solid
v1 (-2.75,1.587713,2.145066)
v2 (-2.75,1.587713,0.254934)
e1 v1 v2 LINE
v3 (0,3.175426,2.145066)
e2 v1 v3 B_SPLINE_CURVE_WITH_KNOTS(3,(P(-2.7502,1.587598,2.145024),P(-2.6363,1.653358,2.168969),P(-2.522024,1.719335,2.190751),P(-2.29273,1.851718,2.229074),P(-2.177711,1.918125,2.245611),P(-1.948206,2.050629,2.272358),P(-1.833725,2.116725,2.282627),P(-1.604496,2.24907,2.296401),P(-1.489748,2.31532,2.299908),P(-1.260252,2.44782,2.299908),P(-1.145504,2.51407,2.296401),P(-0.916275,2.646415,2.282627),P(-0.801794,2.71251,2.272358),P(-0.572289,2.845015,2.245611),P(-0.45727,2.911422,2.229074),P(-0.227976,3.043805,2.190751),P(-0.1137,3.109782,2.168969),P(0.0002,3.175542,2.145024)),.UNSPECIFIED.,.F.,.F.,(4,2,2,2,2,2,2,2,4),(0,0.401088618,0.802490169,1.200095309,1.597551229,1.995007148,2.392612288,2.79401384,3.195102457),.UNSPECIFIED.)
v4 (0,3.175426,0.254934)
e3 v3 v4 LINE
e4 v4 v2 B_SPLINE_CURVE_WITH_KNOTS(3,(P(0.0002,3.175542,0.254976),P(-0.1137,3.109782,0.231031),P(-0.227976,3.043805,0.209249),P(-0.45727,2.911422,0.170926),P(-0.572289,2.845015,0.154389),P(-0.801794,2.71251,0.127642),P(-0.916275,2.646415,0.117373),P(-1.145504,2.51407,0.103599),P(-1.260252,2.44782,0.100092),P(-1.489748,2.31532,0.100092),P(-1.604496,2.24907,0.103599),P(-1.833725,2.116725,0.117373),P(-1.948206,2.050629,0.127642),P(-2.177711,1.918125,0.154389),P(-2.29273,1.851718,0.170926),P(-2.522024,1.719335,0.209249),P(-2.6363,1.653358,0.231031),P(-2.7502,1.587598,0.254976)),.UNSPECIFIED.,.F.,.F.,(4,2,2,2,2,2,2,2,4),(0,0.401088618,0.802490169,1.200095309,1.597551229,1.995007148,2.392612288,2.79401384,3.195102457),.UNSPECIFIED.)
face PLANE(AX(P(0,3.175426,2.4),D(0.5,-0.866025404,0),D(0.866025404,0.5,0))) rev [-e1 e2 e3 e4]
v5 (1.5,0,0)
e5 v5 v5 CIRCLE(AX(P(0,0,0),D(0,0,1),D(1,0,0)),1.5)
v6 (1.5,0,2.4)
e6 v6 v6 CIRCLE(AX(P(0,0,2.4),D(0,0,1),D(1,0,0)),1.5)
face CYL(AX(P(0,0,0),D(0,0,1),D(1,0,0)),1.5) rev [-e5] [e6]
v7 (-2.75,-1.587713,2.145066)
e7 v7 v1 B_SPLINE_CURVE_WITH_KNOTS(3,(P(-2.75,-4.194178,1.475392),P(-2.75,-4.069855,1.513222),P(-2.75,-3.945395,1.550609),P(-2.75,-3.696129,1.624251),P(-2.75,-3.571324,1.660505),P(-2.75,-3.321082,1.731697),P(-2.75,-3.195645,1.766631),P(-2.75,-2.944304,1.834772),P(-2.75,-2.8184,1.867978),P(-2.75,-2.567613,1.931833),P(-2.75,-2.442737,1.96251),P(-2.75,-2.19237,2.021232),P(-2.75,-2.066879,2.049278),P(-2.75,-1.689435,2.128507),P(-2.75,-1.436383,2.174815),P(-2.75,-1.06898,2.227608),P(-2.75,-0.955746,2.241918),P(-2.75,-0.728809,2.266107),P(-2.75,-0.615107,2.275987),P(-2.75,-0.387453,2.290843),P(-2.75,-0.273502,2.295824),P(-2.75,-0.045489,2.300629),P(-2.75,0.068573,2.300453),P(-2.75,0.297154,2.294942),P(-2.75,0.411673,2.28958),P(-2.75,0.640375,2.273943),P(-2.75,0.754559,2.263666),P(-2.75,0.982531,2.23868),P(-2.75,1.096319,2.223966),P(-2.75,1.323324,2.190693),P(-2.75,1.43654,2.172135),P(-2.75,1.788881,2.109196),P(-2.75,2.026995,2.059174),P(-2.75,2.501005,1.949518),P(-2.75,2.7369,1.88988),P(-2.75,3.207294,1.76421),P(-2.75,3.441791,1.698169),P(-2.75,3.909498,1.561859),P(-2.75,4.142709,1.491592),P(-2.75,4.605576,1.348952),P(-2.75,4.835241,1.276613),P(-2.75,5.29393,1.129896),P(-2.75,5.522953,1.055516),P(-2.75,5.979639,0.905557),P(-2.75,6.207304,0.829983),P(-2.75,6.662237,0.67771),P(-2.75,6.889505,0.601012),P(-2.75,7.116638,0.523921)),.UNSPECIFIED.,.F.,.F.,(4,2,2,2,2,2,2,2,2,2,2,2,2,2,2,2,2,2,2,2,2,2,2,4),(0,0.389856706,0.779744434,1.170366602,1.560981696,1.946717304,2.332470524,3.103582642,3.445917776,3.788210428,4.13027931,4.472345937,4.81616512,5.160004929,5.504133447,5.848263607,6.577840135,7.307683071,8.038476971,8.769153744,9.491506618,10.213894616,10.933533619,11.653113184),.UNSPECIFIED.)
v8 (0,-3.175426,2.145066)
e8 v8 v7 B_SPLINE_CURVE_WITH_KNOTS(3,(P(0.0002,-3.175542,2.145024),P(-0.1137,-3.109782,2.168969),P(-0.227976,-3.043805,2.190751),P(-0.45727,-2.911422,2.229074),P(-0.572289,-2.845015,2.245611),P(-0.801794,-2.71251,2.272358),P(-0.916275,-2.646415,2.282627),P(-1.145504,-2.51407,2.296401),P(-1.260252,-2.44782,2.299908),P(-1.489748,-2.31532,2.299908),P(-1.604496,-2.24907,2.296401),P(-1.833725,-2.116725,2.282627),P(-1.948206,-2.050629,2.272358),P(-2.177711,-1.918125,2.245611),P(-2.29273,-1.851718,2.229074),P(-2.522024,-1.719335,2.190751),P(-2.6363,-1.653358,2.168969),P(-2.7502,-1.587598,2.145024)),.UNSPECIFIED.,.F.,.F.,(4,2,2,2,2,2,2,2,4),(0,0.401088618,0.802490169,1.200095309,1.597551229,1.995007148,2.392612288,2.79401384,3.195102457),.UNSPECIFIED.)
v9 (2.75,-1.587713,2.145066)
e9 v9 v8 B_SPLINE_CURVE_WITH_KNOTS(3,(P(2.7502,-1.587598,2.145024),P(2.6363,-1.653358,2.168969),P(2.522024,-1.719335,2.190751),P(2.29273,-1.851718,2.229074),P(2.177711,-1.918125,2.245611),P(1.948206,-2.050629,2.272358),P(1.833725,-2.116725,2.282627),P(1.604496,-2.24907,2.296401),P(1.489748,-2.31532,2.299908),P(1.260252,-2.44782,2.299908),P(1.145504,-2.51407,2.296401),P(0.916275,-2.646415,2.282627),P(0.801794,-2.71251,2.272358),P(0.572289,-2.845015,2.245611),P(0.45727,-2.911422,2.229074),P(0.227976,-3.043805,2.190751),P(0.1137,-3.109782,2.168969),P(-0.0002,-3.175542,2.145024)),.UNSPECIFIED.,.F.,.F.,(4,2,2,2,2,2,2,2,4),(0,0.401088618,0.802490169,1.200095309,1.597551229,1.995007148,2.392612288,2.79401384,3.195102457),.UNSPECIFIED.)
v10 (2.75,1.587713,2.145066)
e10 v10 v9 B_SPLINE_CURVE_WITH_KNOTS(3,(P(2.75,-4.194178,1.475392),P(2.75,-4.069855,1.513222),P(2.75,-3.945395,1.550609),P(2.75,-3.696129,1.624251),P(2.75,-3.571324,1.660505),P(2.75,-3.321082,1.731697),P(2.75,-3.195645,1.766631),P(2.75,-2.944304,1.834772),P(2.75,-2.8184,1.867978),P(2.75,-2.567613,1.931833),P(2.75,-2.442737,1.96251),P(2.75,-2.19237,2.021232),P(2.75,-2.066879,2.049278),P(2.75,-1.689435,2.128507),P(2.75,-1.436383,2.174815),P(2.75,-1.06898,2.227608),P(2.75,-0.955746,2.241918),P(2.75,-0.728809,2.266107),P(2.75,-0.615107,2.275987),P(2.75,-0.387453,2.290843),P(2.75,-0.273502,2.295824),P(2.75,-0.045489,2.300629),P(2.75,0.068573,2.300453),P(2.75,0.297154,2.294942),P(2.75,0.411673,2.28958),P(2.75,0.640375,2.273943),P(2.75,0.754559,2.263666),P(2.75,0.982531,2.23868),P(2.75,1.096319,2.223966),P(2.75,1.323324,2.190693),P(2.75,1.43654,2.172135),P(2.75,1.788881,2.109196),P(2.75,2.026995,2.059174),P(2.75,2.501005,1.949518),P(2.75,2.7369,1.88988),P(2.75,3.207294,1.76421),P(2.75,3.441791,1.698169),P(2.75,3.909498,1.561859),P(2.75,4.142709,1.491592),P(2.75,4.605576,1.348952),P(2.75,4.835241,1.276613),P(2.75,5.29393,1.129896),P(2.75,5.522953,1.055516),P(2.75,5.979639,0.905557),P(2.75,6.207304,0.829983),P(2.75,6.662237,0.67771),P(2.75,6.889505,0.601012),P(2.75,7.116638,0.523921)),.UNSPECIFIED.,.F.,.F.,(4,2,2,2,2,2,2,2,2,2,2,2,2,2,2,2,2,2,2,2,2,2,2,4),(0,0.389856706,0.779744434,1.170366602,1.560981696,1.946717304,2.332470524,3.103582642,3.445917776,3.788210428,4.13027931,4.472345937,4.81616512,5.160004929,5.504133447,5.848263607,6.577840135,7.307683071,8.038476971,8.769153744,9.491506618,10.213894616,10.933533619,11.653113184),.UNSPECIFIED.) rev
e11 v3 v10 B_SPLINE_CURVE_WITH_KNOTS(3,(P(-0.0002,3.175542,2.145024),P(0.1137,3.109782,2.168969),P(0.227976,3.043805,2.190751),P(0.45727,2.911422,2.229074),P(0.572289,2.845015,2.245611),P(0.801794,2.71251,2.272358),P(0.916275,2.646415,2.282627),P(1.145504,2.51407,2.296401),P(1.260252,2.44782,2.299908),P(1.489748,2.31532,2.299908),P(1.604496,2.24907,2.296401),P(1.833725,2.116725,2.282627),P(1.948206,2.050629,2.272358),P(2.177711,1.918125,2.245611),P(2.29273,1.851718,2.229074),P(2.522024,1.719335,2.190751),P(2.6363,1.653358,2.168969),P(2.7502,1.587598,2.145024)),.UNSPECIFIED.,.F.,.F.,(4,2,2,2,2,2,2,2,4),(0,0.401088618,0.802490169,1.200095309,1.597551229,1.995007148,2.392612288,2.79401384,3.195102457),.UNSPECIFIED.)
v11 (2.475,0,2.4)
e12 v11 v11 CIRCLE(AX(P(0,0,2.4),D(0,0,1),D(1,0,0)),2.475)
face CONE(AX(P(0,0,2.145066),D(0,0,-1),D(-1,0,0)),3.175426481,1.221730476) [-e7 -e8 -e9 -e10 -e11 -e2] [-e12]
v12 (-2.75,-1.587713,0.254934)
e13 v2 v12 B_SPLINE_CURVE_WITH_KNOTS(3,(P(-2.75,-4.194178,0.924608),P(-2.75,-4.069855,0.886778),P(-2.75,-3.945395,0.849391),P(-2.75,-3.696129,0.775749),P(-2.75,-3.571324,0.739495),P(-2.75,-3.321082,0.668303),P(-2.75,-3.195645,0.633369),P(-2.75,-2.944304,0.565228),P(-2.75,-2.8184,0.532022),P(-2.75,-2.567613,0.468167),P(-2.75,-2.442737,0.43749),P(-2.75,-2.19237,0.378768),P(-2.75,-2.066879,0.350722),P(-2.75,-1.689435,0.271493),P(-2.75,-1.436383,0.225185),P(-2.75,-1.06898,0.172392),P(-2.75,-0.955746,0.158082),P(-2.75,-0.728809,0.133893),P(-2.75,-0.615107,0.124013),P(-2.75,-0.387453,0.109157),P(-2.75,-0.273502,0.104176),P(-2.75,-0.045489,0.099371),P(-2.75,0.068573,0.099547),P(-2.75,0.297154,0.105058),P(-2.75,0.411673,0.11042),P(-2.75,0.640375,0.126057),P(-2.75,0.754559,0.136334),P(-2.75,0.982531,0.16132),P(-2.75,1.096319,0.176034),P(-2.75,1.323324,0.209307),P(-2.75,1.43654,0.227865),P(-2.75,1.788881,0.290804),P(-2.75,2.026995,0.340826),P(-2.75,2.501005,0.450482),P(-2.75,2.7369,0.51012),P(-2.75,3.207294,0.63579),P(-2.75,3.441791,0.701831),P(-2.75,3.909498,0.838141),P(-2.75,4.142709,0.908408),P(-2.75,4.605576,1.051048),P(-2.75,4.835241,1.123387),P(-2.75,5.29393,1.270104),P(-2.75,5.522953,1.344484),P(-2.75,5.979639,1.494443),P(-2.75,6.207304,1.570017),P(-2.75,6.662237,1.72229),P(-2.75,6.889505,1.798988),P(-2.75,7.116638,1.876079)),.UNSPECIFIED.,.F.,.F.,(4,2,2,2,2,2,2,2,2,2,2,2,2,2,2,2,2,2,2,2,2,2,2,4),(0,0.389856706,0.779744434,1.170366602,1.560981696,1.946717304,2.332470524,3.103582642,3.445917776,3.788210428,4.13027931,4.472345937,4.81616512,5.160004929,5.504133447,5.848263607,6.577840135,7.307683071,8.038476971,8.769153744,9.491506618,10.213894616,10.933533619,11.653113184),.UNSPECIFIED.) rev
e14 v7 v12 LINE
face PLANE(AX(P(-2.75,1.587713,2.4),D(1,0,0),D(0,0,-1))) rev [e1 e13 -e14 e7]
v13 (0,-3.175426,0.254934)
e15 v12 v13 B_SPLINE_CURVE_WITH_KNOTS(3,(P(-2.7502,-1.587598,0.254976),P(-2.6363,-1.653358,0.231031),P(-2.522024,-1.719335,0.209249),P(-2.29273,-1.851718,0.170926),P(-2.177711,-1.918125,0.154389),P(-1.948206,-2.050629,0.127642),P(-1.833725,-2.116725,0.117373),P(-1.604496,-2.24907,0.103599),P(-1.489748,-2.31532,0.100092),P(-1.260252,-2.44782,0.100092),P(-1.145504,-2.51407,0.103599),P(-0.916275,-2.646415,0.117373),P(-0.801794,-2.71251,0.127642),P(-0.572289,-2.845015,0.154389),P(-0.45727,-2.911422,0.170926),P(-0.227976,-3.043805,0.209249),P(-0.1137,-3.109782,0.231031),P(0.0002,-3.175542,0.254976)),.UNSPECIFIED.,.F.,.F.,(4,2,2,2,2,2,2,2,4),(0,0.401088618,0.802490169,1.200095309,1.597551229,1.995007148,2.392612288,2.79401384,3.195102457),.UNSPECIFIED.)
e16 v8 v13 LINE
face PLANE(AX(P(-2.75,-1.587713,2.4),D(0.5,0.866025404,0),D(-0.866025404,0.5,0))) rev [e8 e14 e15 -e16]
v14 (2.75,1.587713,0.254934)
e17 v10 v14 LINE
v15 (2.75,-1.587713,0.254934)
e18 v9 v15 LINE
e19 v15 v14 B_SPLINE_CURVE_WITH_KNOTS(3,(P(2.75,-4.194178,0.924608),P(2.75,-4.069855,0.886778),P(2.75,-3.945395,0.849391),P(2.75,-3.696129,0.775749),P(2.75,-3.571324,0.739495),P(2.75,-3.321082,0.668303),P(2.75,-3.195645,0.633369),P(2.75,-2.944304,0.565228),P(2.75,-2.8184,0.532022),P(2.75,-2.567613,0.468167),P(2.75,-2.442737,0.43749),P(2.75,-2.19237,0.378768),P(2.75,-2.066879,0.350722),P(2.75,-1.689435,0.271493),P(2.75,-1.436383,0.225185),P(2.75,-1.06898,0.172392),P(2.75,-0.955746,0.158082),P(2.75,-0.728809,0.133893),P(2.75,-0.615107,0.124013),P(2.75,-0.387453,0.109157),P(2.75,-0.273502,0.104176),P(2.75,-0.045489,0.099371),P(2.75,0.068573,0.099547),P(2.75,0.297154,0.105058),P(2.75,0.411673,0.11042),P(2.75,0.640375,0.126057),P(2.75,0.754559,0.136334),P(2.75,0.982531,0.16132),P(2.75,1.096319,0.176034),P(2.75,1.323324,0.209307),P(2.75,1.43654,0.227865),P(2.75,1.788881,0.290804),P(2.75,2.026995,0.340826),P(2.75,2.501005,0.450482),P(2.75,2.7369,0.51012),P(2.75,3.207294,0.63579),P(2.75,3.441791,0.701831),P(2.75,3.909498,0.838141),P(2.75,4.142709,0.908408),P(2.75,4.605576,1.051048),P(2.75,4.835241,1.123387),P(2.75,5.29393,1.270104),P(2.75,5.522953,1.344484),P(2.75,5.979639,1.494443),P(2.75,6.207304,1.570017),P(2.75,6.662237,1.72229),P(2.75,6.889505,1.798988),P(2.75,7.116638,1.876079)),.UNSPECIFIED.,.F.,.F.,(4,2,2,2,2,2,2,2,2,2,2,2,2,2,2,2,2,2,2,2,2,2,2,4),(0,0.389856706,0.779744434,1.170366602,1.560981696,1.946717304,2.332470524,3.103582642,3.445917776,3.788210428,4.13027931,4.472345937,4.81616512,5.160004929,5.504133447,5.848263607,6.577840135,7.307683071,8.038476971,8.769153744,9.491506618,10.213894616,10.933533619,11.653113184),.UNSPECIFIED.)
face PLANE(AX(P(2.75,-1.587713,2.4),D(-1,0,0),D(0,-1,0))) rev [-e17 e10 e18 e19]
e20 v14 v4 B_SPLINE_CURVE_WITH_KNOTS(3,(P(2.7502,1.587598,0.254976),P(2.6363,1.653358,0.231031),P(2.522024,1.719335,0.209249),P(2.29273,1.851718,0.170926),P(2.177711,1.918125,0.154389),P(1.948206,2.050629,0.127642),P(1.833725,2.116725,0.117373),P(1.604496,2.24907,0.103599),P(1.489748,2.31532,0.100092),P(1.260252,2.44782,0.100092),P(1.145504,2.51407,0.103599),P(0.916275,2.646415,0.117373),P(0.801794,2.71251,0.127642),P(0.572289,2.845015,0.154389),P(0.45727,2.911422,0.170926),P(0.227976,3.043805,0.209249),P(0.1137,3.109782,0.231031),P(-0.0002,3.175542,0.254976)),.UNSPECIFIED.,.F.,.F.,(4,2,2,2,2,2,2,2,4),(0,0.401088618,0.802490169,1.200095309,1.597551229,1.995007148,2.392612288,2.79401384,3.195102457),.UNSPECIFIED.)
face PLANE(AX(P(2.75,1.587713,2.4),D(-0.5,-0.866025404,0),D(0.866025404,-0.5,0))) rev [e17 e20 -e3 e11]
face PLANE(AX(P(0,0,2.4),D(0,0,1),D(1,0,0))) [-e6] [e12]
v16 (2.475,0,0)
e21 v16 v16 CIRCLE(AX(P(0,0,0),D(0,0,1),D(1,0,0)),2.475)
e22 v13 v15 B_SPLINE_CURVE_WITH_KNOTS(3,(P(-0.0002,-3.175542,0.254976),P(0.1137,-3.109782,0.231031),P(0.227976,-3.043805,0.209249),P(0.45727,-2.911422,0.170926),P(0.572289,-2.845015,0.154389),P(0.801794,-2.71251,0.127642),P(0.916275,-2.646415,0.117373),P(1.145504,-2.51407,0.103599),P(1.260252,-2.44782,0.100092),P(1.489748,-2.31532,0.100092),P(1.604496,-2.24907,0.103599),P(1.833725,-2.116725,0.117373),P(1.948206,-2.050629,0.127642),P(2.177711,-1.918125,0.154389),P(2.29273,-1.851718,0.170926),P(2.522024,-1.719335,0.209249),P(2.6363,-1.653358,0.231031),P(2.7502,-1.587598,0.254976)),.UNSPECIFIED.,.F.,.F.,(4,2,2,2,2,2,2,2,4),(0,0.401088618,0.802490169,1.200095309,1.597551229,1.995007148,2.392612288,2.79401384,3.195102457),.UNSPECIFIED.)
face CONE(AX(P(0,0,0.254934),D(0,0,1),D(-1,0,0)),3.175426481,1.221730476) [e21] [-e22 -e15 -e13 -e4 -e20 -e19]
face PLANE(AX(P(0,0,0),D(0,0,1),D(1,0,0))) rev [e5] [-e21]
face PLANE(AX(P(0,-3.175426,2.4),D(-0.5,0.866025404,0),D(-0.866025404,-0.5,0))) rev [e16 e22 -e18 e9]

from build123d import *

# Parameters (mm, degrees)
EXTRUDE_1_DEPTH     = 2.4
SKETCH_5_R          = 1.5
CUT_EXTRUDE_1_DEPTH = 5.837957558


with BuildPart() as part:
    # 草图1 → 凸台-拉伸1 (new body)
    with BuildSketch(Plane.XY):
        Polygon((0, 3.175426481), (-2.75, 1.58771324), (-2.75, -1.58771324), (0, -3.175426481), (2.75, -1.58771324), (2.75, 1.58771324), align=None)
    extrude(amount=EXTRUDE_1_DEPTH)

    # 草图4 → 切除-旋转1 (revolve, cut)
    with BuildSketch(Plane(origin=(0, 0, 0), x_dir=(0, 0, -1), z_dir=(1, 0, 0))):
        Polygon((-2.4, -2.475), (-2.14506561, -3.175426481), (-2.4, -3.175426481), align=None)
    cut_revolve_1 = revolve(axis=Axis((0, 0, 2.4), (0, 0, -1)), mode=Mode.SUBTRACT)

    # 镜向1: 切除-旋转1 across plane
    add(cut_revolve_1.mirror(Plane.XY.offset(1.2)), mode=Mode.SUBTRACT)

    # 草图5 → 切除-拉伸1 (cut, through all)
    with BuildSketch(Plane.XY.offset(2.4)):
        Circle(SKETCH_5_R)
    extrude(amount=-CUT_EXTRUDE_1_DEPTH, mode=Mode.SUBTRACT)


solid = part.part
